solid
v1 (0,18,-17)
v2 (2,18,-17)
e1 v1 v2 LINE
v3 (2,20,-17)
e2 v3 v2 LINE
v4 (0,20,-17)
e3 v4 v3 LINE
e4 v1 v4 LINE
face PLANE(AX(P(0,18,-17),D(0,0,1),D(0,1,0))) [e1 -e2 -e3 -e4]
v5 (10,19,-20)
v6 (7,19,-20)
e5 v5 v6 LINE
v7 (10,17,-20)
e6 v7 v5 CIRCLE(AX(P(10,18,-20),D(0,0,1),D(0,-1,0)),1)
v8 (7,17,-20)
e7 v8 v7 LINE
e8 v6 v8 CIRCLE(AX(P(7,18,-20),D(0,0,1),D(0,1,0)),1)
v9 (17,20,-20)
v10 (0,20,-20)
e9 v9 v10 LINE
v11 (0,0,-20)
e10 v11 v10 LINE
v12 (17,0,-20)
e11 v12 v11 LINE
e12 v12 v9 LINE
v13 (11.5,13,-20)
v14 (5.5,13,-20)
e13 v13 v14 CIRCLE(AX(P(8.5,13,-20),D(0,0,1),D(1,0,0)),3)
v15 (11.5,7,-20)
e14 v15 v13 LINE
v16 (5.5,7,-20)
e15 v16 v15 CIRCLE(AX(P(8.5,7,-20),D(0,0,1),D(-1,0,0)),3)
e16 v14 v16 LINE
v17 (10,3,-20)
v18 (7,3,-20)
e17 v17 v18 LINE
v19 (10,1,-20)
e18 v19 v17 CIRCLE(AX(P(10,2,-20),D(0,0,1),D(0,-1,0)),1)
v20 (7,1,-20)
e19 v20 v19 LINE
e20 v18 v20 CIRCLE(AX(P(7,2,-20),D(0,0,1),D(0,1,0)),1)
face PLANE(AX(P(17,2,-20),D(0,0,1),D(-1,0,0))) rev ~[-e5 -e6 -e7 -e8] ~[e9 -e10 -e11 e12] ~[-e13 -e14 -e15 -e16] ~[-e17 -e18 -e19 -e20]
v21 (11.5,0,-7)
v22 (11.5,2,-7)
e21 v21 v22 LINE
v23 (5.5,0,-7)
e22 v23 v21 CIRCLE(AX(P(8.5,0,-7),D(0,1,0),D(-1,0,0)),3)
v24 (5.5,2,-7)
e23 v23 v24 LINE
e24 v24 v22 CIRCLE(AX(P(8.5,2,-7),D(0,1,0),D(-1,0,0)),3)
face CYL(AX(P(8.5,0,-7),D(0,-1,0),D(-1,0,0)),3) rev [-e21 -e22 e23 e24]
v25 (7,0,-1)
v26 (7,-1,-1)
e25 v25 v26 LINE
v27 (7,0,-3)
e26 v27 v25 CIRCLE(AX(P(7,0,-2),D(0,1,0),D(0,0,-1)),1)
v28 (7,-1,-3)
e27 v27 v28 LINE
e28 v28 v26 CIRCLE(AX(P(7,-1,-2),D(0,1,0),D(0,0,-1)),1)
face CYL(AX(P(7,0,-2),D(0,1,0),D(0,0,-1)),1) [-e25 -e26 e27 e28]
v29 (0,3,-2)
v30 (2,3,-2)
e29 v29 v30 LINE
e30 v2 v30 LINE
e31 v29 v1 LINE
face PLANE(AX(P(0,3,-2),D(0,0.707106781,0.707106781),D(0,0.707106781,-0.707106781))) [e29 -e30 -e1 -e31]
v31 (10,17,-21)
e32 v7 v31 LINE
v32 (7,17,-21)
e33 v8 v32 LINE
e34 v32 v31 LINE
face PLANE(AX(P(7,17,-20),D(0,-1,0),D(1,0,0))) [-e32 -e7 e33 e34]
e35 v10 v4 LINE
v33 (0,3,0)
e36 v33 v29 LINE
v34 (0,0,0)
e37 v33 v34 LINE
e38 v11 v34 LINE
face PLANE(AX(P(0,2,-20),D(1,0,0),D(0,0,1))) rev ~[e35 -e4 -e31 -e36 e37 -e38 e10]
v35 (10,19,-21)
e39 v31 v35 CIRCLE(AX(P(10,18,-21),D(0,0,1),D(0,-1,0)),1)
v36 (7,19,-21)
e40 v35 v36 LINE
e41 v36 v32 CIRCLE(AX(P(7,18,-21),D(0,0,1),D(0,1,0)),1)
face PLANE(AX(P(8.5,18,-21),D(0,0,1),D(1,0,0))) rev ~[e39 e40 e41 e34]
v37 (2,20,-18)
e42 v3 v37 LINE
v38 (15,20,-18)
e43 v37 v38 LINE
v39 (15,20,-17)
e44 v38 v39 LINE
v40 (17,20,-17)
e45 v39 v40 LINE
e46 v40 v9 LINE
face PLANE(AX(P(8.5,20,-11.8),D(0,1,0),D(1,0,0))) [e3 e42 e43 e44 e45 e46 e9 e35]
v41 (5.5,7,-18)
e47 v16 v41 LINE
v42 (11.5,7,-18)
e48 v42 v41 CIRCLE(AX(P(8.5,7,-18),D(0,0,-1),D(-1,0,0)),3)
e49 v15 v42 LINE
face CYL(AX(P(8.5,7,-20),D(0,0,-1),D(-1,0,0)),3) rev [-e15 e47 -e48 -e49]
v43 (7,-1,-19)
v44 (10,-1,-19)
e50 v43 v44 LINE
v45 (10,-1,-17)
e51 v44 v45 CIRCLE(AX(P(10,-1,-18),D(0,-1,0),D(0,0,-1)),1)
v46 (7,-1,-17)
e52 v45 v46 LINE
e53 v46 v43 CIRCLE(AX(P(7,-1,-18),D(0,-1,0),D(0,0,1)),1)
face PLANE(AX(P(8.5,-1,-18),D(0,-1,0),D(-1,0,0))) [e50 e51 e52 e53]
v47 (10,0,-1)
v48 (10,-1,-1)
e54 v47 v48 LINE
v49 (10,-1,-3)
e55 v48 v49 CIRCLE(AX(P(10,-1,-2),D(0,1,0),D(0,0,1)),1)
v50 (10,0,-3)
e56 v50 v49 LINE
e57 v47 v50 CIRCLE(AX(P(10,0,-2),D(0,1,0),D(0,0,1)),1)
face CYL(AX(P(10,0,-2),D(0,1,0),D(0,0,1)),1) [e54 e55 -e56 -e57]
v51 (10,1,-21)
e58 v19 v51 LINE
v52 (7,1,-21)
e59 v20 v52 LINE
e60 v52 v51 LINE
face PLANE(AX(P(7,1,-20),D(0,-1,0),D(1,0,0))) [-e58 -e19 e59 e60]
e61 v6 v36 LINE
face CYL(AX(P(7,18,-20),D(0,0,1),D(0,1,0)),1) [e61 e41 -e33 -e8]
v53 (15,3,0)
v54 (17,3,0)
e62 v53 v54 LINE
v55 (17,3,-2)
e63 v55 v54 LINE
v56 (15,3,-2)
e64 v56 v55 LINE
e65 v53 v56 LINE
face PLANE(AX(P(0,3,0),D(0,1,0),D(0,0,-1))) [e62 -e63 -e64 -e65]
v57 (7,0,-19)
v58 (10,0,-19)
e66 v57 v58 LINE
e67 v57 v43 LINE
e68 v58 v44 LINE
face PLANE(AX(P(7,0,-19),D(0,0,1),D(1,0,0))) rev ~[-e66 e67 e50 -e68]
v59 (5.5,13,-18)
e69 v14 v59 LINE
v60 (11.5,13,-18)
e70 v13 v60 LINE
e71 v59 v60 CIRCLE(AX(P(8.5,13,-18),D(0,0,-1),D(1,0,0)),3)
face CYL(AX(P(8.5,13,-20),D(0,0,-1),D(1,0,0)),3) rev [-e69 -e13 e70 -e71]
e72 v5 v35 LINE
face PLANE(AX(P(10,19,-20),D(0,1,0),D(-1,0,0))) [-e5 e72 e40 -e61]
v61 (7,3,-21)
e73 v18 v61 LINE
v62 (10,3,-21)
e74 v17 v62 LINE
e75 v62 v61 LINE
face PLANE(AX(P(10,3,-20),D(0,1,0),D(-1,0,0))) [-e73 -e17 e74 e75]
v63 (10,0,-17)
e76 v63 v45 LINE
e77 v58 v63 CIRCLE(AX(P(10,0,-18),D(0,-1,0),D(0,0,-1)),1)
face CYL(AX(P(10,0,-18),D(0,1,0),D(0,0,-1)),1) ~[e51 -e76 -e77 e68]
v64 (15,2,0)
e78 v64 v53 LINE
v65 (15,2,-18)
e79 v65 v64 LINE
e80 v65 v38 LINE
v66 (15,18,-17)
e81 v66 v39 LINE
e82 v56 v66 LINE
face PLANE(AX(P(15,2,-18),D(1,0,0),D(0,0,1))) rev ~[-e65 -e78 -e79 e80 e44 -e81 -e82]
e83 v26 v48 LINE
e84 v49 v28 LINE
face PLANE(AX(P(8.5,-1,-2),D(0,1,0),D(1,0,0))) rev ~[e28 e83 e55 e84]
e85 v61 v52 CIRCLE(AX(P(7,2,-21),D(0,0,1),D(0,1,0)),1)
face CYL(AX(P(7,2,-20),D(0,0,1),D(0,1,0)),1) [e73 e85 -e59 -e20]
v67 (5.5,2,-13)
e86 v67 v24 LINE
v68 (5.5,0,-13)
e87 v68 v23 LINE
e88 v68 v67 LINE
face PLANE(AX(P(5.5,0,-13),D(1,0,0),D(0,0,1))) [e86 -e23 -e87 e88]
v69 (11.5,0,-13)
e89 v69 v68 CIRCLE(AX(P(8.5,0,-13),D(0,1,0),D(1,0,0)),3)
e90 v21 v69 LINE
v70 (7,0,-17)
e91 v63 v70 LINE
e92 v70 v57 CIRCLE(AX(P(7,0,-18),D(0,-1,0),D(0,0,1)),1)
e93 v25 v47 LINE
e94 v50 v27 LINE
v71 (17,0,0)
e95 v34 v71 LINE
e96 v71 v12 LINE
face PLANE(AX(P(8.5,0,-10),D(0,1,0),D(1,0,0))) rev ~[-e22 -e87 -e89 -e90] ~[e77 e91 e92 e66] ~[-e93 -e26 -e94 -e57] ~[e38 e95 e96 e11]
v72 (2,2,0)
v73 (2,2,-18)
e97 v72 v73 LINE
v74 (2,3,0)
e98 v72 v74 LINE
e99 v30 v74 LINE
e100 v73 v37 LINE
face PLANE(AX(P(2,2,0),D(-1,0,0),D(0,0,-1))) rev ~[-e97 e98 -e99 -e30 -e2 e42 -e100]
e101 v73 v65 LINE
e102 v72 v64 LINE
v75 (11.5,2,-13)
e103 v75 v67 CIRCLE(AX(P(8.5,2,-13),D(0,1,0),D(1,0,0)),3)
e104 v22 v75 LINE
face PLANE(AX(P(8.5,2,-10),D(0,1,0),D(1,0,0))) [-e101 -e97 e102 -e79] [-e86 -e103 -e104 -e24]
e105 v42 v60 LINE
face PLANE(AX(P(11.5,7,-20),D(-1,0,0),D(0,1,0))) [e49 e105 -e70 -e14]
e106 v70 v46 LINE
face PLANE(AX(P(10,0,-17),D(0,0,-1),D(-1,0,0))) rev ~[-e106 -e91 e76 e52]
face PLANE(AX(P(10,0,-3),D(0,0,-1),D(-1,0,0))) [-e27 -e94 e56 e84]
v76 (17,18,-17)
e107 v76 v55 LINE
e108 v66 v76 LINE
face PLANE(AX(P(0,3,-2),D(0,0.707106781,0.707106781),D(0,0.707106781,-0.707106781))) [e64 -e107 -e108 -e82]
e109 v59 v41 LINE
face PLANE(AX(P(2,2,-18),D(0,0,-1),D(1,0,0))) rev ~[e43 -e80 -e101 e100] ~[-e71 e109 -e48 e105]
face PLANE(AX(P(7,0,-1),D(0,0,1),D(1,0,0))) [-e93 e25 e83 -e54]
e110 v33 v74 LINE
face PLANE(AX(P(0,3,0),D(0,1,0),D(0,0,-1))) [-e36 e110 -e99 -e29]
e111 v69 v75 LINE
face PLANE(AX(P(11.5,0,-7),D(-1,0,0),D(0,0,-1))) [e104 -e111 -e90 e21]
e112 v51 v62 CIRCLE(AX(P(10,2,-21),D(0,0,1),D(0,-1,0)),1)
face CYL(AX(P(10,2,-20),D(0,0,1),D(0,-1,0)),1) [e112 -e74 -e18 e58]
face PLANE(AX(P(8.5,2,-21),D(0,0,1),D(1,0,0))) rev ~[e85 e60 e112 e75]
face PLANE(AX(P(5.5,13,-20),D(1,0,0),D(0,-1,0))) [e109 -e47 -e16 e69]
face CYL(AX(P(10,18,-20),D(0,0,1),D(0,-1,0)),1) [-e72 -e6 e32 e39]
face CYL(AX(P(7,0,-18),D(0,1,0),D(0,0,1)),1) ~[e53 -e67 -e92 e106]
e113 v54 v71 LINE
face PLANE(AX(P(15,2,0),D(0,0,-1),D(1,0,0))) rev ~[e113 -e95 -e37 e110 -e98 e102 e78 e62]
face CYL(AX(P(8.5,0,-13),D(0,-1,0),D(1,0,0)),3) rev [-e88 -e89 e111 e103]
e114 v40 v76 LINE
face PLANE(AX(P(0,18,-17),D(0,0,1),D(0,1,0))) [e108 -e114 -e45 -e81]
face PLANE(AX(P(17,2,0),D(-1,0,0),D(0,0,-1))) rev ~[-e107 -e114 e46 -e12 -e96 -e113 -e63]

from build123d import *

# Parameters (mm, degrees)
BASE_DEPTH        = 2
SIDES_DEPTH       = 18
NUBS_BOTTOM_DEPTH = 1
NUBS_REAR_DEPTH   = 1
SIDE_CUT_REACH    = 35.615
REAR_SLOT_DEPTH   = 34


with BuildPart() as part:
    # Base Sketch → Base (new body)
    with BuildSketch(Plane(origin=(0, 0, 0), x_dir=(1, 0, 0), z_dir=(0, 1, 0))):
        Polygon((0, 0), (2, 0), (15, 0), (17, 0), (17, 20), (0, 20), align=None)
        with BuildLine():
            Line((5.5, 13), (5.5, 7))
            ThreePointArc((5.5, 7), (8.5, 4), (11.5, 7))
            Line((11.5, 7), (11.5, 13))
            ThreePointArc((11.5, 13), (8.5, 16), (5.5, 13))
        make_face(mode=Mode.SUBTRACT)
    extrude(amount=BASE_DEPTH)

    # MainUprightSketch → Sides (add)
    with BuildSketch(Plane(origin=(0, 2, 0), x_dir=(1, 0, 0), z_dir=(0, 1, 0))):
        Polygon((17, 0), (17, 20), (0, 20), (0, 0), (2, 0), (2, 18), (15, 18), (15, 0), align=None)
    extrude(amount=SIDES_DEPTH)

    # NubsSketch → Nubs-Bottom (add)
    with BuildSketch(Plane(origin=(0, 0, 0), x_dir=(1, 0, 0), z_dir=(0, 1, 0))):
        with BuildLine():
            Line((7, 19), (10, 19))
            ThreePointArc((10, 19), (11, 18), (10, 17))
            Line((10, 17), (7, 17))
            ThreePointArc((7, 17), (6, 18), (7, 19))
        make_face()
        with BuildLine():
            Line((7, 1), (10, 1))
            ThreePointArc((10, 1), (11, 2), (10, 3))
            Line((10, 3), (7, 3))
            ThreePointArc((7, 3), (6, 2), (7, 1))
        make_face()
    extrude(amount=-NUBS_BOTTOM_DEPTH)

    # RearNubsSketch → Nubs-Rear (add)
    with BuildSketch(Plane.XY.offset(-20)):
        with BuildLine():
            Line((10, 3), (7, 3))
            ThreePointArc((7, 3), (6, 2), (7, 1))
            Line((7, 1), (10, 1))
            ThreePointArc((10, 1), (11, 2), (10, 3))
        make_face()
        with BuildLine():
            Line((10, 19), (7, 19))
            ThreePointArc((7, 19), (6, 18), (7, 17))
            Line((7, 17), (10, 17))
            ThreePointArc((10, 17), (11, 18), (10, 19))
        make_face()
    extrude(amount=-NUBS_REAR_DEPTH)

    # Cutaway Sketch → Side Cut (cut, up to next)
    with BuildSketch(Plane(origin=(0, 0, 0), x_dir=(0, 0, -1), z_dir=(1, 0, 0)), mode=Mode.PRIVATE) as side_cut_sk1:
        Polygon((0, 3), (2, 3), (17, 18), (17, 20), (0, 20), align=None)
    side_cut_tool1 = extrude(side_cut_sk1.sketch, amount=SIDE_CUT_REACH, mode=Mode.PRIVATE) & part.part
    add(side_cut_tool1.solids().sort_by_distance((0, 13.730878, -6.269122))[0], mode=Mode.SUBTRACT)
    add(side_cut_tool1.solids().sort_by_distance((0, 13.730878, -6.269122))[1], mode=Mode.SUBTRACT)

    # RearSlotSketch → Rear Slot (cut, through all)
    with BuildSketch(Plane.XY.offset(-20)):
        with BuildLine():
            Line((5.5, 13), (5.5, 7))
            ThreePointArc((5.5, 7), (8.5, 4), (11.5, 7))
            Line((11.5, 7), (11.5, 13))
            ThreePointArc((11.5, 13), (8.5, 16), (5.5, 13))
        make_face()
    extrude(amount=REAR_SLOT_DEPTH, mode=Mode.SUBTRACT)


solid = part.part
